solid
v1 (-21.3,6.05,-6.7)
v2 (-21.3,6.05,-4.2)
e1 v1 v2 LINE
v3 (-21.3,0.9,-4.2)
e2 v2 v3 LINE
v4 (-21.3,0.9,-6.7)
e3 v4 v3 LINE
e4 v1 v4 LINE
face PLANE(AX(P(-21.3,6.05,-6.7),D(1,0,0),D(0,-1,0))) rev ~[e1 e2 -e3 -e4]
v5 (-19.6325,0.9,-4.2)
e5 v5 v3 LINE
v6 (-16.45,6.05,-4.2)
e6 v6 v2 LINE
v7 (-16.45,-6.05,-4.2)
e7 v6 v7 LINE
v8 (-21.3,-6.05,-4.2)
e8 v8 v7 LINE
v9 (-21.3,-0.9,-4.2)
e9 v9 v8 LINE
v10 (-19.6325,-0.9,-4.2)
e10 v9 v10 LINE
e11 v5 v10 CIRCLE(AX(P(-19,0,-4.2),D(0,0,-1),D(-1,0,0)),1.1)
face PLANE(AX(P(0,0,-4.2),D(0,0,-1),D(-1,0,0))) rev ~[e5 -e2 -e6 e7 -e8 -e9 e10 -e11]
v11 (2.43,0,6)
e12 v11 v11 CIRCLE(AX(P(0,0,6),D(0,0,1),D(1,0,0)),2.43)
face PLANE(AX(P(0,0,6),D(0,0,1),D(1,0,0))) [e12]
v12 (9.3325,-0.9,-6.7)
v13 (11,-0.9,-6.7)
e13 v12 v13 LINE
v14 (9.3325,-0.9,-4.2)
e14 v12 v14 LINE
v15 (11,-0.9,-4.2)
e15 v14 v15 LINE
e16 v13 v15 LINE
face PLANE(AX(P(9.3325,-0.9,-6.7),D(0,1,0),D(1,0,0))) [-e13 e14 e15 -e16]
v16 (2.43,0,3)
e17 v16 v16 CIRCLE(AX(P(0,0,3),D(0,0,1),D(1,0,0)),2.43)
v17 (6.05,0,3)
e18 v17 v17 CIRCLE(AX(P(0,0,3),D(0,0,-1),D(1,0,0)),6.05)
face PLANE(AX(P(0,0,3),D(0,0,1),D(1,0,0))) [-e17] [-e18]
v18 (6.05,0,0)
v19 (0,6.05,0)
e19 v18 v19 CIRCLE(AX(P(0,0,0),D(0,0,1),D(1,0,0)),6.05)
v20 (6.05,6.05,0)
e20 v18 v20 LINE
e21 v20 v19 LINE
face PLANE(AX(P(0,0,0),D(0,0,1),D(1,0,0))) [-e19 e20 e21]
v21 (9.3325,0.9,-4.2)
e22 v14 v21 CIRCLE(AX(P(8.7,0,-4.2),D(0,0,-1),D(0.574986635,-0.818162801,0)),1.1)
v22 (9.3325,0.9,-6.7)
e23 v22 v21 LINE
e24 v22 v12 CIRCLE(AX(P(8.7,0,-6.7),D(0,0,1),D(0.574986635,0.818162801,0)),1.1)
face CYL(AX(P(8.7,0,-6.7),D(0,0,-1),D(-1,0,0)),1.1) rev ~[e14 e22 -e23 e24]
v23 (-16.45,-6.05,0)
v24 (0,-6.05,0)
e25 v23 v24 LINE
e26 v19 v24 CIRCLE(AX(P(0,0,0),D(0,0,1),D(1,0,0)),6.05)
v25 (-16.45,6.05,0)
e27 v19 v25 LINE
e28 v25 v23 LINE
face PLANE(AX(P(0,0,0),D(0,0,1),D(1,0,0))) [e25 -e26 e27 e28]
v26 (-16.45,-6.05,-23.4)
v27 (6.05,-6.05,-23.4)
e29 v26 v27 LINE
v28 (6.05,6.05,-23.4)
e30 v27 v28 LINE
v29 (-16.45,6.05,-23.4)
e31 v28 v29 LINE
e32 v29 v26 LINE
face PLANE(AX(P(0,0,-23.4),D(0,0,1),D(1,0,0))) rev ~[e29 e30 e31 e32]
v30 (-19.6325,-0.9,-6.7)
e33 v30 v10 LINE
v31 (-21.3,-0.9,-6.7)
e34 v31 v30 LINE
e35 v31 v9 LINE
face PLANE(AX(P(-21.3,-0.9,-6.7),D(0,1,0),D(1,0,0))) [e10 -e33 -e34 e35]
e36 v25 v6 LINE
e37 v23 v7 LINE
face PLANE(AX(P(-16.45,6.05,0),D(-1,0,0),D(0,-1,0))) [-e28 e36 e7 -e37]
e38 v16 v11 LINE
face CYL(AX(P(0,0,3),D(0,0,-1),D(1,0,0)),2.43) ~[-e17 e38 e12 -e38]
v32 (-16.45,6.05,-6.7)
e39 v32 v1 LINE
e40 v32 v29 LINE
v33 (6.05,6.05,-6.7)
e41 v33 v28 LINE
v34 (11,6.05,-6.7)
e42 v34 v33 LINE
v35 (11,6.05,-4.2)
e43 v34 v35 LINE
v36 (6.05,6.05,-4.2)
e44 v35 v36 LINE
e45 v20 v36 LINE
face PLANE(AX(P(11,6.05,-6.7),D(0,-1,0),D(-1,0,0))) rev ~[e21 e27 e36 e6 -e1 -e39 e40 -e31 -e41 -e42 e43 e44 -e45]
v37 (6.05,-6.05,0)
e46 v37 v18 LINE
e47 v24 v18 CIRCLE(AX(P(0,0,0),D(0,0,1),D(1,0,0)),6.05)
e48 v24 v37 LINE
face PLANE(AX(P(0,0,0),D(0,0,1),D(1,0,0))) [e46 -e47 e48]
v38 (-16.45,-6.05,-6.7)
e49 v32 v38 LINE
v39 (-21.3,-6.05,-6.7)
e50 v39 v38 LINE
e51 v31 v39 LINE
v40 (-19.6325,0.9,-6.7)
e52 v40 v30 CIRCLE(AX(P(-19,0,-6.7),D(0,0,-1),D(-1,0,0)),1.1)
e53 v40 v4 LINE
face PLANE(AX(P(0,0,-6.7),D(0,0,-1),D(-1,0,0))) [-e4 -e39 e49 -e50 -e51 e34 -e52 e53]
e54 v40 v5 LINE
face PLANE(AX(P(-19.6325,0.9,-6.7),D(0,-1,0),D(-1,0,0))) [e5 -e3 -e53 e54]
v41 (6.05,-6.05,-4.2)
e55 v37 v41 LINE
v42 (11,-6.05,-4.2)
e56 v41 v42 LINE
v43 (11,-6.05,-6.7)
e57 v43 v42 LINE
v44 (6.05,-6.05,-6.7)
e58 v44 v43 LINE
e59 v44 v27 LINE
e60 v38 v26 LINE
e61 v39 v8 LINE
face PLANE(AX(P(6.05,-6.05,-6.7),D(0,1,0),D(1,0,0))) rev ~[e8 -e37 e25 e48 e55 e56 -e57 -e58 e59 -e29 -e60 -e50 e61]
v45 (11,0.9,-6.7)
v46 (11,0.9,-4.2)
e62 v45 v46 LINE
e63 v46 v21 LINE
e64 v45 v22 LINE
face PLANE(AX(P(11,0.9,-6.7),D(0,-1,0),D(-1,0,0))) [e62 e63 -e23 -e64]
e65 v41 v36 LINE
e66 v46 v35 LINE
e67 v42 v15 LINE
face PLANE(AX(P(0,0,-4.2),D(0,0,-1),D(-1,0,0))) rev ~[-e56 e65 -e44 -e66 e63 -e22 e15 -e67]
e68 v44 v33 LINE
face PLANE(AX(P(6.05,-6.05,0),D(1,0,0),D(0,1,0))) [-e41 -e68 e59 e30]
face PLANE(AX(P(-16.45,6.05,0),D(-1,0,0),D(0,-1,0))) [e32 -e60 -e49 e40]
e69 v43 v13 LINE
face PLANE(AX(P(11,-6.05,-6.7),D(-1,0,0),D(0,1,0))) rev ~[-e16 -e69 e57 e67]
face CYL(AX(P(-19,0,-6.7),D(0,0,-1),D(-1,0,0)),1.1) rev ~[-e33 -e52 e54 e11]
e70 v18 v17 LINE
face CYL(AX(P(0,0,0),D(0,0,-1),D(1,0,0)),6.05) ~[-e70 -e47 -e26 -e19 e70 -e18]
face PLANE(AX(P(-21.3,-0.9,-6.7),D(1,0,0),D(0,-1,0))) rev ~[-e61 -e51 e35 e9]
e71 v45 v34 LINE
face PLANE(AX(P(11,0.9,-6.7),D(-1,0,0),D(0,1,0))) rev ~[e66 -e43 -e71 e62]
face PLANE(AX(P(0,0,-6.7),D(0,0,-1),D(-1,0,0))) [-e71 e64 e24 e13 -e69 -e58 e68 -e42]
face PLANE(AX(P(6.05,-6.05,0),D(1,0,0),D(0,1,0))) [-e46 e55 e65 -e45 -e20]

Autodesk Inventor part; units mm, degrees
ref_plane "YZ Plane" through (0, 0, 0) normal (1, 0, 0) x (0, 1, 0)
ref_plane "XZ Plane" through (0, 0, 0) normal (0, 1, 0) x (-1, 0, 0)
sketch "スケッチ1" plane through (0, 0, 0) normal (0, 0, 1) x (1, 0, 0)
  line L0 (-19, 8.4016) -> (-19, -8.0875) construction
  line L1 (0, -8.2446) -> (0, 8.2446) construction
  line L2 (8.7, 8.4016) -> (8.7, -8.0875) construction
  circle A0 centre (0, 0) radius 6.05
  line L3 (6.05, 6.05) -> (-16.45, 6.05)
  line L4 (-16.45, 6.05) -> (-16.45, -6.05)
  line L5 (-16.45, -6.05) -> (6.05, -6.05)
  line L6 (6.05, -6.05) -> (6.05, 6.05)
  point P0 (6.05, 0)
  dimension "HEIGHT" = 12.1
  dimension "d0" = 8.7
  dimension "d1" = 27.7
  dimension "WIDTH" = 22.5
extrude "軸台" add sketch "スケッチ1" along normal blind 3 contours A0
extrude "本体" add sketch "スケッチ1" against normal blind 23.4
ref_plane "作業平面1" through (0, 0, -6.7) normal (0, 0, -1) x (-1, 0, 0)
sketch "スケッチ2" plane through (0, 0, -6.7) normal (0, 0, -1) x (-1, 0, 0)
  line L0 (-11, 6.05) -> (21.3, 6.05)
  line L1 (21.3, 6.05) -> (21.3, -6.05)
  line L2 (21.3, -6.05) -> (-11, -6.05)
  line L3 (-11, -6.05) -> (-11, 6.05)
  line L4 (-6.05, 6.05) -> (0, 6.05) projected
  line L5 (0, -6.05) -> (-6.05, -6.05) projected
  circle A0 centre (19, 0) radius 1.1
  circle A1 centre (-8.7, 0) radius 1.1
  line L6 (-8.7, 8.0806) -> (-8.7, -7.6301) construction
  line L7 (19, -7.6301) -> (19, 8.0806) construction
  line L8 (5.15, 8.0806) -> (5.15, -7.8882) construction
  line L9 (-11, 0.9) -> (-9.3325, 0.9)
  line L10 (-9.3325, 0.9) -> (-9.3325, -0.9)
  line L11 (-9.3325, -0.9) -> (-11, -0.9)
  line L12 (-11, -0.9) -> (-11, 0.9)
  line L13 (19.6325, 0.9) -> (21.3, 0.9)
  line L14 (21.3, 0.9) -> (21.3, -0.9)
  line L15 (21.3, -0.9) -> (19.6325, -0.9)
  line L16 (19.6325, -0.9) -> (19.6325, 0.9)
  point P0 (0, 0)
  point P1 (5.15, 6.05)
  point P2 (-11, 0)
  point P3 (21.3, 0)
  dimension "d10" = 2.2
  dimension "d9" = 32.3
  dimension "d11" = 8.7
  dimension "d12" = 27.7
  dimension "d13" = 1.8
extrude "タブ" add sketch "スケッチ2" against normal blind 2.5 contours L0 L1 L13 A0 L15 L2 L3 L11 A1 L9
sketch "スケッチ3" plane through (0, 0, 3) normal (0, 0, 1) x (1, 0, 0)
  circle A0 centre (0, 0) radius 2.43
  dimension "d16" = 4.86
extrude "軸" add sketch "スケッチ3" along normal blind 3
equation "\"d11\" = d0"
equation "\"d12\" = d1"
properties part number "FS90R"
